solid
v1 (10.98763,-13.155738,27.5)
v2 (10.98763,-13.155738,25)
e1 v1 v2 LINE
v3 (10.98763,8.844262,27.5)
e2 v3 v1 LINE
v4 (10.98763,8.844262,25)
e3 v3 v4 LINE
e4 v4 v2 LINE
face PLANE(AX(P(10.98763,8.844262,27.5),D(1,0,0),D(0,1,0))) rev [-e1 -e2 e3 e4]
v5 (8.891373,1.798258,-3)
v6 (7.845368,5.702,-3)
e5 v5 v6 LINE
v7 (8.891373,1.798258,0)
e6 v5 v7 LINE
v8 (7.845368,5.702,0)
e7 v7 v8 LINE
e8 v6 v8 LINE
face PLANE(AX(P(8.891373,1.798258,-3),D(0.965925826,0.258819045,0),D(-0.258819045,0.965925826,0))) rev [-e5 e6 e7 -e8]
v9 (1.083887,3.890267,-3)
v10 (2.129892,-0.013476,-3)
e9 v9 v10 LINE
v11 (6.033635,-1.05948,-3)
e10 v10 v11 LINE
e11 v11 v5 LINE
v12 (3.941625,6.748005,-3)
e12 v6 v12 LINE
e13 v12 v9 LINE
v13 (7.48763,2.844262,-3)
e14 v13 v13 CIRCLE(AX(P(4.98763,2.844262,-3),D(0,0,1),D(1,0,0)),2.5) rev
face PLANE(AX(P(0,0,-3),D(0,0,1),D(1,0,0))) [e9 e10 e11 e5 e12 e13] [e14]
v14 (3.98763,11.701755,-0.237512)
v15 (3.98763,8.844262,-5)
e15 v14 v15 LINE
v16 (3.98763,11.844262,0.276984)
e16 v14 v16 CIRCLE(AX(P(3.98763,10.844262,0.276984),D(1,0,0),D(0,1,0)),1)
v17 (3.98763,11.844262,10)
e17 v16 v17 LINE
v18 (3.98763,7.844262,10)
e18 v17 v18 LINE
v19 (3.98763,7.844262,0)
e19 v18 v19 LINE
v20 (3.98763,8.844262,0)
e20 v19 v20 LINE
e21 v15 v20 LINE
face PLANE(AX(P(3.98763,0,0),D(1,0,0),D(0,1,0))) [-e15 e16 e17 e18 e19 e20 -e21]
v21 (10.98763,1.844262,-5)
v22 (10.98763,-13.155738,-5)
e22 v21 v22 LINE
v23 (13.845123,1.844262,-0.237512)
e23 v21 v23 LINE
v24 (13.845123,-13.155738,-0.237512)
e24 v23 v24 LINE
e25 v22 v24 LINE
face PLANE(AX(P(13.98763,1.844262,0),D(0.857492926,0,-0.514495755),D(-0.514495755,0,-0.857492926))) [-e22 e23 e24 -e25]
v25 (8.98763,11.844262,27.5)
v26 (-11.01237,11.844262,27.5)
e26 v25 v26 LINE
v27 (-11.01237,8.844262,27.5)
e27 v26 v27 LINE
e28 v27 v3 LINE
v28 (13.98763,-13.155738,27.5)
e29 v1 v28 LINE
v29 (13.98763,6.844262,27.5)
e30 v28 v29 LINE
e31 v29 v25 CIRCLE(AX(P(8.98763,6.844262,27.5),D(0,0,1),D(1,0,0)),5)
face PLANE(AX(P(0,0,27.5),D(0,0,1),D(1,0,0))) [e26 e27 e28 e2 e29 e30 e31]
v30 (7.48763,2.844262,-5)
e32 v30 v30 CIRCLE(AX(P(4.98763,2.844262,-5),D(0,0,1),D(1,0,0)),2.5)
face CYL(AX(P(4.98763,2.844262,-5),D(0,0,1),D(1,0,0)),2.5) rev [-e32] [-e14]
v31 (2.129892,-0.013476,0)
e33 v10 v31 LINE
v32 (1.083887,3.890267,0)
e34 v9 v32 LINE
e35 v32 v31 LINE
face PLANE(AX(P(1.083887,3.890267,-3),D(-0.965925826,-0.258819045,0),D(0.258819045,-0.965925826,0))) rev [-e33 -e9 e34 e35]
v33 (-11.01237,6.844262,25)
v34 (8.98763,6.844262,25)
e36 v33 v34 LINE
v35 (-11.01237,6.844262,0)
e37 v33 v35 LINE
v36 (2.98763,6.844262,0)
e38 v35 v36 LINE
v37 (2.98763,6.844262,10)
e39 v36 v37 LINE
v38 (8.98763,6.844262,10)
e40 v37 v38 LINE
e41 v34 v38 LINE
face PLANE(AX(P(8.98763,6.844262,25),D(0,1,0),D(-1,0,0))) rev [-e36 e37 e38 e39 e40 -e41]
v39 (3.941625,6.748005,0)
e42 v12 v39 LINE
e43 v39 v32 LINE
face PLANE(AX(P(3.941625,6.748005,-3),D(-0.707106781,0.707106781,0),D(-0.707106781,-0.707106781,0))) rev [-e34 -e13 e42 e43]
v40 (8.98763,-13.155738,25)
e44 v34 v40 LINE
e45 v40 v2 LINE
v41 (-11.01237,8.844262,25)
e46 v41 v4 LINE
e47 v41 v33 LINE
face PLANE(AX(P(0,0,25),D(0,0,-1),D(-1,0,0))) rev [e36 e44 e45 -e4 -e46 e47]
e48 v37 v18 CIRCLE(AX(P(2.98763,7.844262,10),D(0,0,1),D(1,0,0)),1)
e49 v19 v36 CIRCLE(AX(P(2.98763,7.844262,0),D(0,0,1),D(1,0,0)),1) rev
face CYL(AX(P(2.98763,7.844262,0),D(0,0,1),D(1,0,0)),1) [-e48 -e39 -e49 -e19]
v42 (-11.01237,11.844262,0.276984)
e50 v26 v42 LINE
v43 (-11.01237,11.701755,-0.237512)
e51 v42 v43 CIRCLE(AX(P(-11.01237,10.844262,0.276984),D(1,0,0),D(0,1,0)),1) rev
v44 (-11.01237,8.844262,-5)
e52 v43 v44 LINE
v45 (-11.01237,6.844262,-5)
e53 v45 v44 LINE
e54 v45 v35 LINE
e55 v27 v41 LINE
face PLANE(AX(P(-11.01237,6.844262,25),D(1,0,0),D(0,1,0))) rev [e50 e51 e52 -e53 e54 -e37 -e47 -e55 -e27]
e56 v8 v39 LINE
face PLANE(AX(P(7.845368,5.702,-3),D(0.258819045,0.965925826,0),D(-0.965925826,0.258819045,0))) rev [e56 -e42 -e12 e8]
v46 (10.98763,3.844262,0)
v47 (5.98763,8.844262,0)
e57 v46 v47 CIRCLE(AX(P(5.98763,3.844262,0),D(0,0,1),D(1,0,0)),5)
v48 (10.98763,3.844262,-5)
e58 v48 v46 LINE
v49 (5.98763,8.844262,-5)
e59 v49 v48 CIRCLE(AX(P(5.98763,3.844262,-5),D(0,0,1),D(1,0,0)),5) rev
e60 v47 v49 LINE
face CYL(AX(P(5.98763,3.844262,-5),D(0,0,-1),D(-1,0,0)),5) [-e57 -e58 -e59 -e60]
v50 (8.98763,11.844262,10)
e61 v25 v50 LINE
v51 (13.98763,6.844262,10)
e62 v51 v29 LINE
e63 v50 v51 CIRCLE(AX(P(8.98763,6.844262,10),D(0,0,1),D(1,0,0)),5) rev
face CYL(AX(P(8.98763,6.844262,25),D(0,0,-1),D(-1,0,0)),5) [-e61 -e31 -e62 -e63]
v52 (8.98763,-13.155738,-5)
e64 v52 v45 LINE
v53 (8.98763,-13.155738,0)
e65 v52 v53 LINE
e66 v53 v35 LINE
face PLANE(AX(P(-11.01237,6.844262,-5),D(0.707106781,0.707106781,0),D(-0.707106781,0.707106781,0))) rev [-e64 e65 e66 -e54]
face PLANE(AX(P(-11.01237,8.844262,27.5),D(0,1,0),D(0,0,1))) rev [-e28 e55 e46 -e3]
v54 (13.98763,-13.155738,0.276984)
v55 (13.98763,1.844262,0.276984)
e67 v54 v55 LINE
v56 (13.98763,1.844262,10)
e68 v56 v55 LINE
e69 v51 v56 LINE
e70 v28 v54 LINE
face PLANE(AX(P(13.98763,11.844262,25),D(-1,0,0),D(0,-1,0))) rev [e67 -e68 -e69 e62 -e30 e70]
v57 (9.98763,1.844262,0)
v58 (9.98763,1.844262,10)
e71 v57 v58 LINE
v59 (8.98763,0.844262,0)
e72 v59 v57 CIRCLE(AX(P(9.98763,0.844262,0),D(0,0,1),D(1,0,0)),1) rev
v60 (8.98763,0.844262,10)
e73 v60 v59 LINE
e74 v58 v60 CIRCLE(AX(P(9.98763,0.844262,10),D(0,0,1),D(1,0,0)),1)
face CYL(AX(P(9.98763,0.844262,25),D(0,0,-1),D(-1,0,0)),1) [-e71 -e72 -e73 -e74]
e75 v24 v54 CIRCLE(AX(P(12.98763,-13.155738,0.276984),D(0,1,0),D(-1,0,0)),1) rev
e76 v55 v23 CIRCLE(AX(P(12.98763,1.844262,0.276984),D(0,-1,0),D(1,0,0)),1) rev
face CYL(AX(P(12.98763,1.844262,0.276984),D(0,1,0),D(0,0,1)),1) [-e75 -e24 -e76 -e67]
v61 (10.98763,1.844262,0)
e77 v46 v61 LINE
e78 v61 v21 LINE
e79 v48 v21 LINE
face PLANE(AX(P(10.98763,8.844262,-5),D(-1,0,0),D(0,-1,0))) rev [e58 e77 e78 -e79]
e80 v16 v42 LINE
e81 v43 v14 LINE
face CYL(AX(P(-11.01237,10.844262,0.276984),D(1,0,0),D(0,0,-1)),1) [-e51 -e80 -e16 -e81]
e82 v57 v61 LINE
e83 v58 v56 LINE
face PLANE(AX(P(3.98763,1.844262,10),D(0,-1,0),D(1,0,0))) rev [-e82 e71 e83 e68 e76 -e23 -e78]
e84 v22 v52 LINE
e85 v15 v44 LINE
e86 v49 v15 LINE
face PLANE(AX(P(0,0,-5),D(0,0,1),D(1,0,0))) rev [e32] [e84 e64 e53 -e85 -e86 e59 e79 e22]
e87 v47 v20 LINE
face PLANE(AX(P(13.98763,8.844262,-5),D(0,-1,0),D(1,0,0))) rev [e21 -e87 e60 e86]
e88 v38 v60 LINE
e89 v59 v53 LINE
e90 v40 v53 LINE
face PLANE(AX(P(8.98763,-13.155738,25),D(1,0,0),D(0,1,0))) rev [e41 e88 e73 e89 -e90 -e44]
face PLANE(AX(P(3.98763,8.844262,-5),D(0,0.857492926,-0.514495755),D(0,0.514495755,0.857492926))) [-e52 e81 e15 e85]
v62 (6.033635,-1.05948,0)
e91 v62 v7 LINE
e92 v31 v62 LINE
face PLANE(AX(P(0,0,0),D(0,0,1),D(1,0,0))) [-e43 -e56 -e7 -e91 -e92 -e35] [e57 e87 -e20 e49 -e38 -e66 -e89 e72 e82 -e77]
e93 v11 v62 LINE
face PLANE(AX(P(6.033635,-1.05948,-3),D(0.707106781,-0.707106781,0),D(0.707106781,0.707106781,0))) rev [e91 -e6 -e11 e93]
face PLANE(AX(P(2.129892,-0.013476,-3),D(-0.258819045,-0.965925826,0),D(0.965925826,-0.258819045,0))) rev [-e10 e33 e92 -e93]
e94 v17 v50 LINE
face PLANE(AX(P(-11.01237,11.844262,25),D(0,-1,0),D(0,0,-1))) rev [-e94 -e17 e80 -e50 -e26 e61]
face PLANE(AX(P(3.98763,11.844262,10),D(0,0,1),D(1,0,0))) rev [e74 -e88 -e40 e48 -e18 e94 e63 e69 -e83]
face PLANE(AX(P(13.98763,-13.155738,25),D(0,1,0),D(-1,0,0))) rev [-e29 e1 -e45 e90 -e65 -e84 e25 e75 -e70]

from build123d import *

# Parameters (mm, degrees)
BOSS_EXTRU_4_DEPTH       = 25
BOSS_EXTRU_5_DEPTH       = 2.5
BOSS_EXTRU_6_DEPTH       = 5
ESQUISSE8_W              = 10
ESQUISSE8_H              = 10
ENL_V_MAT_EXTRU_3_DEPTH  = 10
ENL_V_START              = -25
ESQUISSE14_W             = 5
ESQUISSE14_H             = 3
ENL_V_MAT_EXTRU_13_DEPTH = 25
ENL_V_START_2            = -22
ESQUISSE15_W             = 3
ESQUISSE15_H             = 5
ENL_V_MAT_EXTRU_14_DEPTH = 22
BOSS_EXTRU_8_START       = -15
BOSS_EXTRU_8_DEPTH       = 15
BOSS_EXTRU_9_DEPTH       = 15
CONG_16_R                = 5
ESQUISSE20_R             = 2.5
ENL_V_MAT_EXTRU_16_DEPTH = 2
ENL_V_MAT_EXTRU_17_DEPTH = 3
CONG_31_R                = 1
CONG_37_R                = 1


with BuildPart() as part:
    # Esquisse1 → Boss.-Extru.4 (new body)
    with BuildSketch(Plane.XY):
        Polygon((-11.012370079, 11.844262295), (13.987629921, 11.844262295), (13.987629921, -13.155737705), (8.987629921, -13.155737705), (8.987629921, 6.844262295), (-11.012370079, 6.844262295), align=None)
    extrude(amount=BOSS_EXTRU_4_DEPTH)

    # Esquisse6 → Boss.-Extru.5 (add)
    with BuildSketch(Plane.XY.offset(25)):
        Polygon((10.987629921, -13.155737705), (13.987629921, -13.155737705), (13.987629921, 11.844262295), (-11.012370079, 11.844262295), (-11.012370079, 8.844262295), (10.987629921, 8.844262295), align=None)
    extrude(amount=BOSS_EXTRU_5_DEPTH)

    # Esquisse7 → Boss.-Extru.6 (add)
    with BuildSketch(Plane(origin=(0, 0, 0), x_dir=(-1, 0, 0), z_dir=(0, 0, -1))):
        Polygon((11.012370079, 6.844262295), (-8.987629921, -13.155737705), (-13.987629921, -13.155737705), (-13.987629921, 11.844262295), (11.012370079, 11.844262295), align=None)
    extrude(amount=BOSS_EXTRU_6_DEPTH)

    # Esquisse8 → Enlèv. mat.-Extru.3 (cut)
    with BuildSketch(Plane(origin=(13.987629921, 0, 0), x_dir=(0, 0, -1), z_dir=(1, 0, 0))):
        with Locations((-5, 6.844262295)):
            Rectangle(ESQUISSE8_W, ESQUISSE8_H)
    extrude(amount=-ENL_V_MAT_EXTRU_3_DEPTH, mode=Mode.SUBTRACT)

    # Esquisse14 → Enlèv. mat.-Extru.13 (cut)
    with BuildSketch(Plane.ZY.offset(11.012370079).offset(ENL_V_START)):
        with Locations((-2.5, 10.344262295)):
            Rectangle(ESQUISSE14_W, ESQUISSE14_H)
    extrude(amount=ENL_V_MAT_EXTRU_13_DEPTH, mode=Mode.SUBTRACT)

    # Esquisse15 → Enlèv. mat.-Extru.14 (cut)
    with BuildSketch(Plane(origin=(0, -13.155737705, 0), x_dir=(-1, 0, 0), z_dir=(0, -1, 0)).offset(ENL_V_START_2)):
        with Locations((-12.487629921, 2.5)):
            Rectangle(ESQUISSE15_W, ESQUISSE15_H)
    extrude(amount=ENL_V_MAT_EXTRU_14_DEPTH, mode=Mode.SUBTRACT)

    # Esquisse16 → Boss.-Extru.8 (add)
    with BuildSketch(Plane(origin=(0, -13.155737705, 0), x_dir=(-1, 0, 0), z_dir=(0, -1, 0)).offset(BOSS_EXTRU_8_START)):
        Polygon((-10.987629921, 0), (-13.987629921, 0), (-10.987629921, 5), align=None)
    extrude(amount=BOSS_EXTRU_8_DEPTH)

    # Esquisse17 → Boss.-Extru.9 (add)
    with BuildSketch(Plane.ZY.offset(11.012370079)):
        Polygon((-5, 8.844262295), (0, 11.844262295), (0, 8.844262295), align=None)
    extrude(amount=-BOSS_EXTRU_9_DEPTH)

    # Congé16
    cong_16_edges = [part.edges().sort_by_distance(p)[0] for p in [
        (13.987629921, 11.844262295, 18.75),
        (10.987629921, 8.844262295, -2.5),
    ]]
    fillet(cong_16_edges, radius=CONG_16_R)

    # Esquisse20 → Enlèv. mat.-Extru.16 (cut)
    with BuildSketch(Plane.XY.offset(-3)):
        with Locations((4.987629921, 2.844262295)):
            Circle(ESQUISSE20_R)
    extrude(amount=-ENL_V_MAT_EXTRU_16_DEPTH, mode=Mode.SUBTRACT)

    # Esquisse18 → Enlèv. mat.-Extru.17 (cut)
    with BuildSketch(Plane.XY):
        Polygon((2.129891888, -0.013475738), (6.033634639, -1.059480456), (8.891372672, 1.798257578), (7.845367954, 5.702000328), (3.941625204, 6.748005046), (1.08388717, 3.890267013), align=None)
    extrude(amount=-ENL_V_MAT_EXTRU_17_DEPTH, mode=Mode.SUBTRACT)

    # Congé31
    cong_31_edges = [part.edges().sort_by_distance(p)[0] for p in [
        (8.987629921, 1.844262295, 5),
        (3.987629921, 6.844262295, 5),
    ]]
    fillet(cong_31_edges, radius=CONG_31_R)

    # Congé37
    cong_37_edges = [part.edges().sort_by_distance(p)[0] for p in [
        (-3.512370079, 11.844262295, 0),
        (13.987629921, -5.655737705, 0),
    ]]
    fillet(cong_37_edges, radius=CONG_37_R)


solid = part.part
